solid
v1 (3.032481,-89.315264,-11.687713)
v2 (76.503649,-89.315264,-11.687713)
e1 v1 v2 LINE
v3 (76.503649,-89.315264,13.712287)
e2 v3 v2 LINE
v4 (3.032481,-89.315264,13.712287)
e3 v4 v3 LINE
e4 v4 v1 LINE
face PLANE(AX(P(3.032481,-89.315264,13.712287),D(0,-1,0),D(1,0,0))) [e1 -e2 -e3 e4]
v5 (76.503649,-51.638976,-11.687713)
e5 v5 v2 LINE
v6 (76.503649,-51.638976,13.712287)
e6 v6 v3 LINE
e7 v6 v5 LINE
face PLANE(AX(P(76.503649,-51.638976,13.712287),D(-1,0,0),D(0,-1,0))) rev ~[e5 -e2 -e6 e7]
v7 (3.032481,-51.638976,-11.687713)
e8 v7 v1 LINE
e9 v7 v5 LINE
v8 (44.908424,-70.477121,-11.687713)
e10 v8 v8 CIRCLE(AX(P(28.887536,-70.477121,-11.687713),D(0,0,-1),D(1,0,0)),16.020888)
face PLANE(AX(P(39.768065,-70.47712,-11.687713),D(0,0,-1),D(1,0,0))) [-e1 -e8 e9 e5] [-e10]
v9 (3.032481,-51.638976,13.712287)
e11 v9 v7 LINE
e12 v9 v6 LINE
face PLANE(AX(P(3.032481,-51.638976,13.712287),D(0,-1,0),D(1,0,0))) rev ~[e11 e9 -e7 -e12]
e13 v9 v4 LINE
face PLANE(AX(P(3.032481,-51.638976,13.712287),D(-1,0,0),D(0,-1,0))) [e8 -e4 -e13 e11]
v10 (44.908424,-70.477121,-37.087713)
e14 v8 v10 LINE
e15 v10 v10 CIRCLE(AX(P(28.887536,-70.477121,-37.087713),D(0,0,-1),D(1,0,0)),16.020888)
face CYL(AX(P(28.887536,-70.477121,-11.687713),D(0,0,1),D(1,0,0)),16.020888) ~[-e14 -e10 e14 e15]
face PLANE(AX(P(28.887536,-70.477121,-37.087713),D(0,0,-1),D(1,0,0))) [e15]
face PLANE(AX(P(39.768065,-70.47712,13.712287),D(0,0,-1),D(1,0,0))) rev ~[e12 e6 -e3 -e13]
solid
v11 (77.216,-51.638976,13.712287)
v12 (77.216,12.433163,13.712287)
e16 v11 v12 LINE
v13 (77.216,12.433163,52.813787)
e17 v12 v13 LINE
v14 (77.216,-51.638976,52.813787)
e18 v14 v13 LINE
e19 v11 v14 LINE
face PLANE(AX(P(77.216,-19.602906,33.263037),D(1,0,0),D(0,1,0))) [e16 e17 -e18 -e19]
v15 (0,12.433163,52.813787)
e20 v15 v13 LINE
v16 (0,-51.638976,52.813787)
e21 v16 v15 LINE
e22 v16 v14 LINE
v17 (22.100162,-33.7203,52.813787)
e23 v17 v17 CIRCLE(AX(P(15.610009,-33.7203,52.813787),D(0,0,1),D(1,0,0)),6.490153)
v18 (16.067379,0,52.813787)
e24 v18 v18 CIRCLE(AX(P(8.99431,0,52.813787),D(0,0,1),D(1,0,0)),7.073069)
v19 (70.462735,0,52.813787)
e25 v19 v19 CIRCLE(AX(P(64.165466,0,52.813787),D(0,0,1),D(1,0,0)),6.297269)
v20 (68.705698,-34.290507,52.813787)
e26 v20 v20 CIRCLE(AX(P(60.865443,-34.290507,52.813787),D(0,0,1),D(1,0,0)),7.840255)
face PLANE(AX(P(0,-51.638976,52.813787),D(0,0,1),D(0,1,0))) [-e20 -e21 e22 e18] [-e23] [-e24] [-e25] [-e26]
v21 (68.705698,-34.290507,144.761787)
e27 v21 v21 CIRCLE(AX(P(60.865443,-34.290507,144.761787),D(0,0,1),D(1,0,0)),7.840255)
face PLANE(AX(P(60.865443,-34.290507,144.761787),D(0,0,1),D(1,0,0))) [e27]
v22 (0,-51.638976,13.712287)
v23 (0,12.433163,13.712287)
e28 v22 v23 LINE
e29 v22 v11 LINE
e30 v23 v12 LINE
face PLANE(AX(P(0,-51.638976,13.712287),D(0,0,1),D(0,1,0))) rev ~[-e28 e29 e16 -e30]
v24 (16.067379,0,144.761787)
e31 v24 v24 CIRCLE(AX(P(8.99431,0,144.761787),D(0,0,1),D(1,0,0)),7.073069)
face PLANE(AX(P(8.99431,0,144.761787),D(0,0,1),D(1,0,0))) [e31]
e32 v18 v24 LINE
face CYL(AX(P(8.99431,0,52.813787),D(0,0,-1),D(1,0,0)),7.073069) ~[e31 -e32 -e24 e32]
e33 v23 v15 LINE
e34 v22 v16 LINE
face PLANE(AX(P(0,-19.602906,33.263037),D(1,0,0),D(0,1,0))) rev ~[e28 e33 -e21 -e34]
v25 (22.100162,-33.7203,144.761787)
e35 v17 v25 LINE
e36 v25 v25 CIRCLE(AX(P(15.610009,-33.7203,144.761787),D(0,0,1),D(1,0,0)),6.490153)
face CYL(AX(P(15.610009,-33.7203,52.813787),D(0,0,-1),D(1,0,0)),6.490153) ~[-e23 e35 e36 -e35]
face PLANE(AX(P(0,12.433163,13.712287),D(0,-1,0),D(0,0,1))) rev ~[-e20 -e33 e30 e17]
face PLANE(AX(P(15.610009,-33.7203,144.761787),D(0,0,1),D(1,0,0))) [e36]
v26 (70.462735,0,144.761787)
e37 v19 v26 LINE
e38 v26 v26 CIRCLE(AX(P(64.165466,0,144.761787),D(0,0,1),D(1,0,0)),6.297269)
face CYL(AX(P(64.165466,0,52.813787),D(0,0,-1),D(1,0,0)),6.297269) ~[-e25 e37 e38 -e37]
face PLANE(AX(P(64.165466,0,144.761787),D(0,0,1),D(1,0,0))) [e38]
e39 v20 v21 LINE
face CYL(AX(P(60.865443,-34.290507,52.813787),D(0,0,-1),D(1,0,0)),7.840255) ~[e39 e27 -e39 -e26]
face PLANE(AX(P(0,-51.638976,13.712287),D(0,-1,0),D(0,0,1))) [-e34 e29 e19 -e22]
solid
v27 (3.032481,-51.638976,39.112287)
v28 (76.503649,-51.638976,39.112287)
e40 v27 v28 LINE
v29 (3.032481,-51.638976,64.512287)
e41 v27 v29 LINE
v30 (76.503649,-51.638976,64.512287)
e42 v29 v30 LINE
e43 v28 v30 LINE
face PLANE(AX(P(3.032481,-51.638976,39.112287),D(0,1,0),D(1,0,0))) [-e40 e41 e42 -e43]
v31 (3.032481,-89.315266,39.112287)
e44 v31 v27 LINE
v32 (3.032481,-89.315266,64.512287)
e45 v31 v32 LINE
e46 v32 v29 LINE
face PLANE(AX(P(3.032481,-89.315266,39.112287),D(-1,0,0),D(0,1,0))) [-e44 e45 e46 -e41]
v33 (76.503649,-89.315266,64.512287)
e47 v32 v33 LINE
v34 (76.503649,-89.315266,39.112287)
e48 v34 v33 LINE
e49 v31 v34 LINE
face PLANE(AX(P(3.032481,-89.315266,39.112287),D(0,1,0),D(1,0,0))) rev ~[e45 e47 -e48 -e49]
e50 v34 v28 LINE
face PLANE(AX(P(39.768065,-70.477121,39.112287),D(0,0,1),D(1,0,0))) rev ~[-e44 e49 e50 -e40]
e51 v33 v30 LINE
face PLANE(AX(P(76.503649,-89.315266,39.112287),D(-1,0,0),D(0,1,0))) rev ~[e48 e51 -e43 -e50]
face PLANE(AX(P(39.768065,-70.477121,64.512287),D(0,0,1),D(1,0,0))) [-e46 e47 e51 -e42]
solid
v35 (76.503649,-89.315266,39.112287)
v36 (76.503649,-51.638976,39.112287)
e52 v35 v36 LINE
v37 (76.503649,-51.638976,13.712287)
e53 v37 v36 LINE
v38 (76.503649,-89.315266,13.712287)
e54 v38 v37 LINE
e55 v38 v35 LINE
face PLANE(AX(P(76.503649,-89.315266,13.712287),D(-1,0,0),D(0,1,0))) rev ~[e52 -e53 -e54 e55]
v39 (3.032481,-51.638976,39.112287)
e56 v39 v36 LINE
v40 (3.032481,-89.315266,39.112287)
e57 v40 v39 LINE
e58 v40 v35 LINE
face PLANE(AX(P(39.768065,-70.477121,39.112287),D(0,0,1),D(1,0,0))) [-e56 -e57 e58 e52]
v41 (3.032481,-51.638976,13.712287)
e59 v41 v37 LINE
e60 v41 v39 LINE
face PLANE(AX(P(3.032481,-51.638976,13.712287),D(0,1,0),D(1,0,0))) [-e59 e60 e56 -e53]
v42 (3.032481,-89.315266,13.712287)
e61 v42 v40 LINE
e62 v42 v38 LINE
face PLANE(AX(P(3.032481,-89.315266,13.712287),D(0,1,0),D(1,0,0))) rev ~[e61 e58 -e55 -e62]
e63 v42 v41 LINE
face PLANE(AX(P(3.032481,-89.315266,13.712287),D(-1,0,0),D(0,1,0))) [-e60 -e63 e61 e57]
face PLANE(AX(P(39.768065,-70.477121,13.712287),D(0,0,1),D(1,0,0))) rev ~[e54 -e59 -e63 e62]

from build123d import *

# Parameters (mm, degrees)
F0_W      = 64.072139
F0_H      = 39.1015
F1_DEPTH  = 77.216
F2_W      = 73.471168
F2_H      = 37.676289
F3_DEPTH  = 25.4
F3_FACE_W = 73.471168
F3_FACE_H = 37.67629
F4_DEPTH  = 25.4
F4_FACE_W = 73.471168
F4_FACE_H = 37.67629
F5_DEPTH  = 25.4
F6_R      = 7.073069
F6_R_2    = 6.297269
F6_R_3    = 6.490153
F6_R_4    = 7.840255
F7_DEPTH  = 91.948
F8_R      = 16.020888
F9_DEPTH  = 25.4


with BuildPart() as f1:
    # F0 (on Right) → F1 (new body)
    with BuildSketch(Plane.YZ):
        with Locations((-19.602906, 33.263037)):
            Rectangle(F0_W, F0_H)
    extrude(amount=F1_DEPTH)

    # F6 (on face) → F7 (join)
    with BuildSketch(Plane.XY.offset(52.813787)):
        with Locations((8.99431, 0)):
            Circle(F6_R)
        with Locations((64.165466, 0)):
            Circle(F6_R_2)
        with Locations((15.610009, -33.7203)):
            Circle(F6_R_3)
        with Locations((60.865443, -34.290507)):
            Circle(F6_R_4)
    extrude(amount=F7_DEPTH)


with BuildPart() as f3:
    # F2 (on face) → F3 (new body)
    with BuildSketch(Plane(origin=(0, 0, 13.712287), x_dir=(1, 0, 0), z_dir=(0, 0, -1))):
        with Locations((39.768065, 70.47712)):
            Rectangle(F2_W, F2_H)
    extrude(amount=F3_DEPTH)

    # F8 (on face) → F9 (join)
    with BuildSketch(Plane(origin=(0, 0, -11.687713), x_dir=(1, 0, 0), z_dir=(0, 0, -1))):
        with Locations((28.887536, 70.477121)):
            Circle(F8_R)
    extrude(amount=F9_DEPTH)


with BuildPart() as f4:
    # F3_face (on face) → F4 (new body)
    with BuildSketch(Plane(origin=(39.768065, -70.477121, 13.712287), x_dir=(1, 0, 0), z_dir=(0, 0, 1))):
        Rectangle(F3_FACE_W, F3_FACE_H)
    extrude(amount=F4_DEPTH)


with BuildPart() as f5:
    # F4_face (on face) → F5 (new body)
    with BuildSketch(Plane(origin=(39.768065, -70.477121, 39.112287), x_dir=(1, 0, 0), z_dir=(0, 0, 1))):
        Rectangle(F4_FACE_W, F4_FACE_H)
    extrude(amount=F5_DEPTH)


solid = Compound([f1.part, f3.part, f4.part, f5.part])
